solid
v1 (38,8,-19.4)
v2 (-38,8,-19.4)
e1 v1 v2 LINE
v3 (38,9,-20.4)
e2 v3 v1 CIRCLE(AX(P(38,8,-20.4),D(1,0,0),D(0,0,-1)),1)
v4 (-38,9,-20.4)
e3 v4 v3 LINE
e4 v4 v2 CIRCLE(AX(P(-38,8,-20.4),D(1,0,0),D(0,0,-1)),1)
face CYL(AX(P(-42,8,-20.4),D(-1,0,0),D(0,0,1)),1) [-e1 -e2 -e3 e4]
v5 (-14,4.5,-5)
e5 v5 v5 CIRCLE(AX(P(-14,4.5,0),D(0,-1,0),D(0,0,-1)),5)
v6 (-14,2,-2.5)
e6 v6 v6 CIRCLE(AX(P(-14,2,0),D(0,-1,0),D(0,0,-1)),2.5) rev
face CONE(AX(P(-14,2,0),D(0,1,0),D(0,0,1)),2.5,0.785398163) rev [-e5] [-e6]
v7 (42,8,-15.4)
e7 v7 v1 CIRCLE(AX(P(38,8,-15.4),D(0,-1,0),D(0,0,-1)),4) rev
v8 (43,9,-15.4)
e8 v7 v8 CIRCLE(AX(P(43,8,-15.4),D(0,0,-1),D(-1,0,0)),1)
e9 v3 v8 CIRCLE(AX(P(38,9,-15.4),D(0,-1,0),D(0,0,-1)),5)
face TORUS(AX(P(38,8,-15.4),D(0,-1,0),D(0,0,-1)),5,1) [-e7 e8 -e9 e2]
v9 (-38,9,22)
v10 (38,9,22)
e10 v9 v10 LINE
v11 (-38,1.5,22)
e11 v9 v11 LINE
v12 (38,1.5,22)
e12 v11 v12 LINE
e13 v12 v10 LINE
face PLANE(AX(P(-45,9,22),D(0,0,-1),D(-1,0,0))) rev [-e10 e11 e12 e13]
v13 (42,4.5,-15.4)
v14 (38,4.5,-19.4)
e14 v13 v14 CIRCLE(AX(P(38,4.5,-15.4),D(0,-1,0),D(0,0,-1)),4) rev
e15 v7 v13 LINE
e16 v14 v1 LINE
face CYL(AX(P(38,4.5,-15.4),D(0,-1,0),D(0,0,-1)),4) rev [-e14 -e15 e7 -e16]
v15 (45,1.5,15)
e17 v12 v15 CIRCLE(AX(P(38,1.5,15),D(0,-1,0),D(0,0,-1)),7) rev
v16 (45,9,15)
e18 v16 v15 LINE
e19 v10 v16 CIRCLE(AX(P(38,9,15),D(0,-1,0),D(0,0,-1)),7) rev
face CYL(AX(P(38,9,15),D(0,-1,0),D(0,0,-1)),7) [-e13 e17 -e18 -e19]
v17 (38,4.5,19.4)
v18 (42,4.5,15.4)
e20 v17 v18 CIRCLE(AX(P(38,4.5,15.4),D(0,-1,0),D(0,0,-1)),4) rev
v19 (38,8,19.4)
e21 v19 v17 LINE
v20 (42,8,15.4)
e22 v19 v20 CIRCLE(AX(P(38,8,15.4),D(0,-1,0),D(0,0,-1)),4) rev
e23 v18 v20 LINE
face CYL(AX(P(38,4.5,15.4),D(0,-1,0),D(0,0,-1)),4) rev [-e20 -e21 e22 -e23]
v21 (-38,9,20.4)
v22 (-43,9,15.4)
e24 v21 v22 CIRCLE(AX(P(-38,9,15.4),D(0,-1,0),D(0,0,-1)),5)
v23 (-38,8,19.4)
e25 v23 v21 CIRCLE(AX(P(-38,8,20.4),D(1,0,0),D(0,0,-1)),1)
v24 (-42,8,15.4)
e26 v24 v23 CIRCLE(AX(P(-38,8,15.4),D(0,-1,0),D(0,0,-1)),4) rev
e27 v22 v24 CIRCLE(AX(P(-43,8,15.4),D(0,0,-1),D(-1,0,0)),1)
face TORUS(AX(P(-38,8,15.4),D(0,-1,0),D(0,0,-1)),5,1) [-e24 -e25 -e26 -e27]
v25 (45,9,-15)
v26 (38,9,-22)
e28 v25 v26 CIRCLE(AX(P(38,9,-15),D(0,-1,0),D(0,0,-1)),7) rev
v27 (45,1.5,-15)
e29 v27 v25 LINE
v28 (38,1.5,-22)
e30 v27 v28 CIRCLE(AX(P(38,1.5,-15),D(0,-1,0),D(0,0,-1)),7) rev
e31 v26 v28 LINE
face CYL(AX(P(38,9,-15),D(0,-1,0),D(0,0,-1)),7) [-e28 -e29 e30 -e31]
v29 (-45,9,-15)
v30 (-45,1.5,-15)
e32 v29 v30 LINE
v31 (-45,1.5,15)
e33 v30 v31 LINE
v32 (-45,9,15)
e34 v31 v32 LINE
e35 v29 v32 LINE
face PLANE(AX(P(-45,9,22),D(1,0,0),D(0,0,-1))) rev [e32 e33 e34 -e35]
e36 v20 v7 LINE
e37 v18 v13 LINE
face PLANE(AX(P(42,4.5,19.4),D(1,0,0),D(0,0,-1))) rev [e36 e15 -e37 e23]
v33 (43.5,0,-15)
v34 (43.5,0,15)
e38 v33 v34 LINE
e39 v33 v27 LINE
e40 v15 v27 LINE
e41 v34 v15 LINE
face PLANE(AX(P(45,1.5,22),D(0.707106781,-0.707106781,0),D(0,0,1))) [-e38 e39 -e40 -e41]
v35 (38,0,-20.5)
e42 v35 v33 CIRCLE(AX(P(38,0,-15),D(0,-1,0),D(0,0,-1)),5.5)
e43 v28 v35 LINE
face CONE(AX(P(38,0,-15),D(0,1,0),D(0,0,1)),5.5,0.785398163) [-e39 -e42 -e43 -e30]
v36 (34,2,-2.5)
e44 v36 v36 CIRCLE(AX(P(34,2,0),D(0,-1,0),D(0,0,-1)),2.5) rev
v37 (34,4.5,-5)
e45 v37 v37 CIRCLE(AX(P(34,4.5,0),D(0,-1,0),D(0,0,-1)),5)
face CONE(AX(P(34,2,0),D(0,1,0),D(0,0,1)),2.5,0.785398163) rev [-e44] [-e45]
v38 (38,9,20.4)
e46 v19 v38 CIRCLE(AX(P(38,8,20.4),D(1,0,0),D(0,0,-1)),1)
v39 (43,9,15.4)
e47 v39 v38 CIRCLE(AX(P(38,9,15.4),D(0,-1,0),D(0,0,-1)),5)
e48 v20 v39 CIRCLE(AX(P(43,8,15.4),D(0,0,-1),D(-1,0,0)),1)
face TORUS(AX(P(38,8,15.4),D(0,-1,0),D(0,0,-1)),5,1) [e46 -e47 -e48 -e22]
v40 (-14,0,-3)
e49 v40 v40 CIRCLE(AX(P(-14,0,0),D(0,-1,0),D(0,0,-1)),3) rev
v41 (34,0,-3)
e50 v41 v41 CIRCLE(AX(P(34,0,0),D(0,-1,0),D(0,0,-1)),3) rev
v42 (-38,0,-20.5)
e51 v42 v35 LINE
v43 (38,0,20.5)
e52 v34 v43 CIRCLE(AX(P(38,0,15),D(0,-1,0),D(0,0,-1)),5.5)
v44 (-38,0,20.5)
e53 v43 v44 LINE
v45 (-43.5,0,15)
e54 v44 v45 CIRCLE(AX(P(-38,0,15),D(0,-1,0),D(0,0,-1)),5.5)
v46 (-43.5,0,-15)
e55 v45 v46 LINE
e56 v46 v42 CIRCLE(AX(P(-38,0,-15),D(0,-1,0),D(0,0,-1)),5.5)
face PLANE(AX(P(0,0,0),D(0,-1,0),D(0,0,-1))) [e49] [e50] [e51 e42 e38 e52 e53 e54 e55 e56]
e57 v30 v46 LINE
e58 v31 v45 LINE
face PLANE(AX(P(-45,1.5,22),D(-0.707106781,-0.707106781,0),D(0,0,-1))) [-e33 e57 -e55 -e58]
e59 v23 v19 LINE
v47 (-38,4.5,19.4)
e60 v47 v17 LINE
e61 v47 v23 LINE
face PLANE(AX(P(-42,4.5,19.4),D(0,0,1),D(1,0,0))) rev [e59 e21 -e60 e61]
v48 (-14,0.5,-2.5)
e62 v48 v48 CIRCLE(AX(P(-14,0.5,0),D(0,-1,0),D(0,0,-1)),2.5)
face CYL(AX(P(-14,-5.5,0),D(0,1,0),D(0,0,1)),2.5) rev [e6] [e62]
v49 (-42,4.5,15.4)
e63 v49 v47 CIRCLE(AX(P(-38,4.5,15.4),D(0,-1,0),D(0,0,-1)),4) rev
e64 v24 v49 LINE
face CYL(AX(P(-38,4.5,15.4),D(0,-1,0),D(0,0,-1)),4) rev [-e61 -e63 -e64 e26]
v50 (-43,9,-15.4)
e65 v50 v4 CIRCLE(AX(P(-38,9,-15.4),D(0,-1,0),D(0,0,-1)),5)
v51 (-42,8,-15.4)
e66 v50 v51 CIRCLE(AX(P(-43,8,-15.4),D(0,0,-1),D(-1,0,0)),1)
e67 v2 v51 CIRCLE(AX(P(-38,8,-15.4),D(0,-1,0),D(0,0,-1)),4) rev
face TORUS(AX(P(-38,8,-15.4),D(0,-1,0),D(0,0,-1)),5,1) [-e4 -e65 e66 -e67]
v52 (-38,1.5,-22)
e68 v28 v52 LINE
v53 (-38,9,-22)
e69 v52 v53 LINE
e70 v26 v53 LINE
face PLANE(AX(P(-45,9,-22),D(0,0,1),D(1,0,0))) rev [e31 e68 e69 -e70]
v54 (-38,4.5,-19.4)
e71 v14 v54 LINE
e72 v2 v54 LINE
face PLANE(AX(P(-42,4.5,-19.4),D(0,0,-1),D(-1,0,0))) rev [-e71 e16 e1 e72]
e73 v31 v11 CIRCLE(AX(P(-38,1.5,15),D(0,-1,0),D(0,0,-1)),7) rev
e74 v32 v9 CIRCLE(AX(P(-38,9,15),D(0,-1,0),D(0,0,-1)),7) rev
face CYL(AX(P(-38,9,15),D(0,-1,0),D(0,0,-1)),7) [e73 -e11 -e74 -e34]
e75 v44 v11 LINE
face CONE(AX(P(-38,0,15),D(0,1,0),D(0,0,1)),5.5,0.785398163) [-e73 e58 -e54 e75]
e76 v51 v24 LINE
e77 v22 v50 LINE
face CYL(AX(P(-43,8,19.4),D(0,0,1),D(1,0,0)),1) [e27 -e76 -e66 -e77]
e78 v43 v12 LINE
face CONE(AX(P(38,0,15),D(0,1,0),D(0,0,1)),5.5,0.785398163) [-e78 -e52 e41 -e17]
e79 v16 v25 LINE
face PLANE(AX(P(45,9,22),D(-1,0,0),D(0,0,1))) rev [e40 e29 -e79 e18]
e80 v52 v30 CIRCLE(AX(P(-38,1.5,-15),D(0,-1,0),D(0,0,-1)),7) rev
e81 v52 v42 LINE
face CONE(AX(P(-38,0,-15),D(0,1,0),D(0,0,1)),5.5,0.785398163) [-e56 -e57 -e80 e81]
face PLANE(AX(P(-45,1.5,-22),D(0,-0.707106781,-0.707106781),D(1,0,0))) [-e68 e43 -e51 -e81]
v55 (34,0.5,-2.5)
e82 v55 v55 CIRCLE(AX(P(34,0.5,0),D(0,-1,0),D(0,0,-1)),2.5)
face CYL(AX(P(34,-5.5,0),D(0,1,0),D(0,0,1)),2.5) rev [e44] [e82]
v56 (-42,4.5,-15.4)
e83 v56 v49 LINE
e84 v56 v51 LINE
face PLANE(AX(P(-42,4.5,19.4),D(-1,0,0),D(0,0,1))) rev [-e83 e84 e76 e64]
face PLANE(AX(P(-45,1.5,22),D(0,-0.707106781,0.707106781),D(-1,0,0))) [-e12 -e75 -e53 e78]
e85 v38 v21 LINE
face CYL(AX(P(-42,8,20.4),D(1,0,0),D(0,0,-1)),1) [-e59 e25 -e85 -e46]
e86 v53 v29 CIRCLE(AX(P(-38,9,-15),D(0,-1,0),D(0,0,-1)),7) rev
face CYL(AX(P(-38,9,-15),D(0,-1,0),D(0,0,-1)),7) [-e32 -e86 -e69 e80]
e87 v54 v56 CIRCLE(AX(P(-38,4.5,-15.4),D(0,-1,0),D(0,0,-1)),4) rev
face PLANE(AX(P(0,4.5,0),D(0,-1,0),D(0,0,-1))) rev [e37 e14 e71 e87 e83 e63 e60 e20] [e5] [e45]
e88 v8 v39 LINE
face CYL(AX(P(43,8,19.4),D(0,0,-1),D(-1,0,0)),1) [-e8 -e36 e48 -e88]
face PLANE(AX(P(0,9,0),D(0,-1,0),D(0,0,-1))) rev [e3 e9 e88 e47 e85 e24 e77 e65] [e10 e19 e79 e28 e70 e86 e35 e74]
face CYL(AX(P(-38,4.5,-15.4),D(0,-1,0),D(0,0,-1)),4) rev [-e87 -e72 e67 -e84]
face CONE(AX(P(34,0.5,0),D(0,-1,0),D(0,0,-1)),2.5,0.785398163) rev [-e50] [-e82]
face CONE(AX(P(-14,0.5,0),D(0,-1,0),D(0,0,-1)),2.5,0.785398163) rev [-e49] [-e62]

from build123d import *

# Parameters (mm, degrees)
SKETCH_1_W          = 90
SKETCH_1_H          = 44
EXTRUDE_1_DEPTH     = 9
FILLET_1_R          = 7
SKETCH_2_W          = 84
SKETCH_2_H          = 38.8
CUT_EXTRUDE_1_DEPTH = 4.5
SKETCH_3_R          = 2.5
CUT_EXTRUDE_2_DEPTH = 10
CHAMFER_1_SIZE      = 2.5
FILLET_2_R          = 4
FILLET_3_R          = 1
CHAMFER_4_SIZE      = 1.5
CHAMFER_2_SIZE      = 0.5


with BuildPart() as part:
    # Эскиз1 → Бобышка-Вытянуть1 (new body)
    with BuildSketch(Plane(origin=(0, 0, 0), x_dir=(1, 0, 0), z_dir=(0, 1, 0))):
        Rectangle(SKETCH_1_W, SKETCH_1_H)
    extrude(amount=EXTRUDE_1_DEPTH)

    # Скругление1
    fillet_1_edges = [part.edges().sort_by_distance(p)[0] for p in [
        (45, 4.5, 22),
        (-45, 4.5, 22),
        (-45, 4.5, -22),
        (45, 4.5, -22),
    ]]
    fillet(fillet_1_edges, radius=FILLET_1_R)

    # Эскиз2 → Вырез-Вытянуть1 (cut)
    with BuildSketch(Plane(origin=(0, 9, 0), x_dir=(1, 0, 0), z_dir=(0, 1, 0))):
        Rectangle(SKETCH_2_W, SKETCH_2_H)
    extrude(amount=-CUT_EXTRUDE_1_DEPTH, mode=Mode.SUBTRACT)

    # Эскиз3 → Вырез-Вытянуть2 (cut)
    with BuildSketch(Plane(origin=(0, 4.5, 0), x_dir=(1, 0, 0), z_dir=(0, 1, 0))):
        with Locations(Location((34, 0, 0), (0, 0, 270))):
            Circle(SKETCH_3_R)
        with Locations(Location((-14, 0, 0), (0, 0, 90))):
            Circle(SKETCH_3_R)
    extrude(amount=-CUT_EXTRUDE_2_DEPTH, mode=Mode.SUBTRACT)

    # Фаска1
    chamfer_1_edges = [part.edges().sort_by_distance(p)[0] for p in [
        (34, 4.5, -2.5),
        (-14, 4.5, 2.5),
    ]]
    chamfer(chamfer_1_edges, length=CHAMFER_1_SIZE)

    # Скругление2
    fillet_2_edges = [part.edges().sort_by_distance(p)[0] for p in [
        (42, 6.75, -19.4),
        (42, 6.75, 19.4),
        (-42, 6.75, 19.4),
        (-42, 6.75, -19.4),
    ]]
    fillet(fillet_2_edges, radius=FILLET_2_R)

    # Скругление3
    fillet_3_edges = [part.edges().sort_by_distance(p)[0] for p in [
        (0, 9, 19.4),
        (-42, 9, 0),
        (42, 9, 0),
        (0, 9, -19.4),
        (-40.828427125, 9, 18.228427125),
        (40.828427125, 9, 18.228427125),
        (40.828427125, 9, -18.228427125),
        (-40.828427125, 9, -18.228427125),
    ]]
    fillet(fillet_3_edges, radius=FILLET_3_R)

    # Chamfer 4
    chamfer_4_edges = [part.edges().sort_by_distance(p)[0] for p in [
        (-45, 0, 0),
        (45, 0, 0),
        (0, 0, 22),
        (0, 0, -22),
        (42.949747468, 0, 19.949747468),
        (42.949747468, 0, -19.949747468),
        (-42.949747468, 0, 19.949747468),
        (-42.949747468, 0, -19.949747468),
    ]]
    chamfer(chamfer_4_edges, length=CHAMFER_4_SIZE)

    # Фаска2
    chamfer_2_edges = [part.edges().sort_by_distance(p)[0] for p in [
        (34, 0, -2.5),
        (-14, 0, 2.5),
    ]]
    chamfer(chamfer_2_edges, length=CHAMFER_2_SIZE)


solid = part.part
